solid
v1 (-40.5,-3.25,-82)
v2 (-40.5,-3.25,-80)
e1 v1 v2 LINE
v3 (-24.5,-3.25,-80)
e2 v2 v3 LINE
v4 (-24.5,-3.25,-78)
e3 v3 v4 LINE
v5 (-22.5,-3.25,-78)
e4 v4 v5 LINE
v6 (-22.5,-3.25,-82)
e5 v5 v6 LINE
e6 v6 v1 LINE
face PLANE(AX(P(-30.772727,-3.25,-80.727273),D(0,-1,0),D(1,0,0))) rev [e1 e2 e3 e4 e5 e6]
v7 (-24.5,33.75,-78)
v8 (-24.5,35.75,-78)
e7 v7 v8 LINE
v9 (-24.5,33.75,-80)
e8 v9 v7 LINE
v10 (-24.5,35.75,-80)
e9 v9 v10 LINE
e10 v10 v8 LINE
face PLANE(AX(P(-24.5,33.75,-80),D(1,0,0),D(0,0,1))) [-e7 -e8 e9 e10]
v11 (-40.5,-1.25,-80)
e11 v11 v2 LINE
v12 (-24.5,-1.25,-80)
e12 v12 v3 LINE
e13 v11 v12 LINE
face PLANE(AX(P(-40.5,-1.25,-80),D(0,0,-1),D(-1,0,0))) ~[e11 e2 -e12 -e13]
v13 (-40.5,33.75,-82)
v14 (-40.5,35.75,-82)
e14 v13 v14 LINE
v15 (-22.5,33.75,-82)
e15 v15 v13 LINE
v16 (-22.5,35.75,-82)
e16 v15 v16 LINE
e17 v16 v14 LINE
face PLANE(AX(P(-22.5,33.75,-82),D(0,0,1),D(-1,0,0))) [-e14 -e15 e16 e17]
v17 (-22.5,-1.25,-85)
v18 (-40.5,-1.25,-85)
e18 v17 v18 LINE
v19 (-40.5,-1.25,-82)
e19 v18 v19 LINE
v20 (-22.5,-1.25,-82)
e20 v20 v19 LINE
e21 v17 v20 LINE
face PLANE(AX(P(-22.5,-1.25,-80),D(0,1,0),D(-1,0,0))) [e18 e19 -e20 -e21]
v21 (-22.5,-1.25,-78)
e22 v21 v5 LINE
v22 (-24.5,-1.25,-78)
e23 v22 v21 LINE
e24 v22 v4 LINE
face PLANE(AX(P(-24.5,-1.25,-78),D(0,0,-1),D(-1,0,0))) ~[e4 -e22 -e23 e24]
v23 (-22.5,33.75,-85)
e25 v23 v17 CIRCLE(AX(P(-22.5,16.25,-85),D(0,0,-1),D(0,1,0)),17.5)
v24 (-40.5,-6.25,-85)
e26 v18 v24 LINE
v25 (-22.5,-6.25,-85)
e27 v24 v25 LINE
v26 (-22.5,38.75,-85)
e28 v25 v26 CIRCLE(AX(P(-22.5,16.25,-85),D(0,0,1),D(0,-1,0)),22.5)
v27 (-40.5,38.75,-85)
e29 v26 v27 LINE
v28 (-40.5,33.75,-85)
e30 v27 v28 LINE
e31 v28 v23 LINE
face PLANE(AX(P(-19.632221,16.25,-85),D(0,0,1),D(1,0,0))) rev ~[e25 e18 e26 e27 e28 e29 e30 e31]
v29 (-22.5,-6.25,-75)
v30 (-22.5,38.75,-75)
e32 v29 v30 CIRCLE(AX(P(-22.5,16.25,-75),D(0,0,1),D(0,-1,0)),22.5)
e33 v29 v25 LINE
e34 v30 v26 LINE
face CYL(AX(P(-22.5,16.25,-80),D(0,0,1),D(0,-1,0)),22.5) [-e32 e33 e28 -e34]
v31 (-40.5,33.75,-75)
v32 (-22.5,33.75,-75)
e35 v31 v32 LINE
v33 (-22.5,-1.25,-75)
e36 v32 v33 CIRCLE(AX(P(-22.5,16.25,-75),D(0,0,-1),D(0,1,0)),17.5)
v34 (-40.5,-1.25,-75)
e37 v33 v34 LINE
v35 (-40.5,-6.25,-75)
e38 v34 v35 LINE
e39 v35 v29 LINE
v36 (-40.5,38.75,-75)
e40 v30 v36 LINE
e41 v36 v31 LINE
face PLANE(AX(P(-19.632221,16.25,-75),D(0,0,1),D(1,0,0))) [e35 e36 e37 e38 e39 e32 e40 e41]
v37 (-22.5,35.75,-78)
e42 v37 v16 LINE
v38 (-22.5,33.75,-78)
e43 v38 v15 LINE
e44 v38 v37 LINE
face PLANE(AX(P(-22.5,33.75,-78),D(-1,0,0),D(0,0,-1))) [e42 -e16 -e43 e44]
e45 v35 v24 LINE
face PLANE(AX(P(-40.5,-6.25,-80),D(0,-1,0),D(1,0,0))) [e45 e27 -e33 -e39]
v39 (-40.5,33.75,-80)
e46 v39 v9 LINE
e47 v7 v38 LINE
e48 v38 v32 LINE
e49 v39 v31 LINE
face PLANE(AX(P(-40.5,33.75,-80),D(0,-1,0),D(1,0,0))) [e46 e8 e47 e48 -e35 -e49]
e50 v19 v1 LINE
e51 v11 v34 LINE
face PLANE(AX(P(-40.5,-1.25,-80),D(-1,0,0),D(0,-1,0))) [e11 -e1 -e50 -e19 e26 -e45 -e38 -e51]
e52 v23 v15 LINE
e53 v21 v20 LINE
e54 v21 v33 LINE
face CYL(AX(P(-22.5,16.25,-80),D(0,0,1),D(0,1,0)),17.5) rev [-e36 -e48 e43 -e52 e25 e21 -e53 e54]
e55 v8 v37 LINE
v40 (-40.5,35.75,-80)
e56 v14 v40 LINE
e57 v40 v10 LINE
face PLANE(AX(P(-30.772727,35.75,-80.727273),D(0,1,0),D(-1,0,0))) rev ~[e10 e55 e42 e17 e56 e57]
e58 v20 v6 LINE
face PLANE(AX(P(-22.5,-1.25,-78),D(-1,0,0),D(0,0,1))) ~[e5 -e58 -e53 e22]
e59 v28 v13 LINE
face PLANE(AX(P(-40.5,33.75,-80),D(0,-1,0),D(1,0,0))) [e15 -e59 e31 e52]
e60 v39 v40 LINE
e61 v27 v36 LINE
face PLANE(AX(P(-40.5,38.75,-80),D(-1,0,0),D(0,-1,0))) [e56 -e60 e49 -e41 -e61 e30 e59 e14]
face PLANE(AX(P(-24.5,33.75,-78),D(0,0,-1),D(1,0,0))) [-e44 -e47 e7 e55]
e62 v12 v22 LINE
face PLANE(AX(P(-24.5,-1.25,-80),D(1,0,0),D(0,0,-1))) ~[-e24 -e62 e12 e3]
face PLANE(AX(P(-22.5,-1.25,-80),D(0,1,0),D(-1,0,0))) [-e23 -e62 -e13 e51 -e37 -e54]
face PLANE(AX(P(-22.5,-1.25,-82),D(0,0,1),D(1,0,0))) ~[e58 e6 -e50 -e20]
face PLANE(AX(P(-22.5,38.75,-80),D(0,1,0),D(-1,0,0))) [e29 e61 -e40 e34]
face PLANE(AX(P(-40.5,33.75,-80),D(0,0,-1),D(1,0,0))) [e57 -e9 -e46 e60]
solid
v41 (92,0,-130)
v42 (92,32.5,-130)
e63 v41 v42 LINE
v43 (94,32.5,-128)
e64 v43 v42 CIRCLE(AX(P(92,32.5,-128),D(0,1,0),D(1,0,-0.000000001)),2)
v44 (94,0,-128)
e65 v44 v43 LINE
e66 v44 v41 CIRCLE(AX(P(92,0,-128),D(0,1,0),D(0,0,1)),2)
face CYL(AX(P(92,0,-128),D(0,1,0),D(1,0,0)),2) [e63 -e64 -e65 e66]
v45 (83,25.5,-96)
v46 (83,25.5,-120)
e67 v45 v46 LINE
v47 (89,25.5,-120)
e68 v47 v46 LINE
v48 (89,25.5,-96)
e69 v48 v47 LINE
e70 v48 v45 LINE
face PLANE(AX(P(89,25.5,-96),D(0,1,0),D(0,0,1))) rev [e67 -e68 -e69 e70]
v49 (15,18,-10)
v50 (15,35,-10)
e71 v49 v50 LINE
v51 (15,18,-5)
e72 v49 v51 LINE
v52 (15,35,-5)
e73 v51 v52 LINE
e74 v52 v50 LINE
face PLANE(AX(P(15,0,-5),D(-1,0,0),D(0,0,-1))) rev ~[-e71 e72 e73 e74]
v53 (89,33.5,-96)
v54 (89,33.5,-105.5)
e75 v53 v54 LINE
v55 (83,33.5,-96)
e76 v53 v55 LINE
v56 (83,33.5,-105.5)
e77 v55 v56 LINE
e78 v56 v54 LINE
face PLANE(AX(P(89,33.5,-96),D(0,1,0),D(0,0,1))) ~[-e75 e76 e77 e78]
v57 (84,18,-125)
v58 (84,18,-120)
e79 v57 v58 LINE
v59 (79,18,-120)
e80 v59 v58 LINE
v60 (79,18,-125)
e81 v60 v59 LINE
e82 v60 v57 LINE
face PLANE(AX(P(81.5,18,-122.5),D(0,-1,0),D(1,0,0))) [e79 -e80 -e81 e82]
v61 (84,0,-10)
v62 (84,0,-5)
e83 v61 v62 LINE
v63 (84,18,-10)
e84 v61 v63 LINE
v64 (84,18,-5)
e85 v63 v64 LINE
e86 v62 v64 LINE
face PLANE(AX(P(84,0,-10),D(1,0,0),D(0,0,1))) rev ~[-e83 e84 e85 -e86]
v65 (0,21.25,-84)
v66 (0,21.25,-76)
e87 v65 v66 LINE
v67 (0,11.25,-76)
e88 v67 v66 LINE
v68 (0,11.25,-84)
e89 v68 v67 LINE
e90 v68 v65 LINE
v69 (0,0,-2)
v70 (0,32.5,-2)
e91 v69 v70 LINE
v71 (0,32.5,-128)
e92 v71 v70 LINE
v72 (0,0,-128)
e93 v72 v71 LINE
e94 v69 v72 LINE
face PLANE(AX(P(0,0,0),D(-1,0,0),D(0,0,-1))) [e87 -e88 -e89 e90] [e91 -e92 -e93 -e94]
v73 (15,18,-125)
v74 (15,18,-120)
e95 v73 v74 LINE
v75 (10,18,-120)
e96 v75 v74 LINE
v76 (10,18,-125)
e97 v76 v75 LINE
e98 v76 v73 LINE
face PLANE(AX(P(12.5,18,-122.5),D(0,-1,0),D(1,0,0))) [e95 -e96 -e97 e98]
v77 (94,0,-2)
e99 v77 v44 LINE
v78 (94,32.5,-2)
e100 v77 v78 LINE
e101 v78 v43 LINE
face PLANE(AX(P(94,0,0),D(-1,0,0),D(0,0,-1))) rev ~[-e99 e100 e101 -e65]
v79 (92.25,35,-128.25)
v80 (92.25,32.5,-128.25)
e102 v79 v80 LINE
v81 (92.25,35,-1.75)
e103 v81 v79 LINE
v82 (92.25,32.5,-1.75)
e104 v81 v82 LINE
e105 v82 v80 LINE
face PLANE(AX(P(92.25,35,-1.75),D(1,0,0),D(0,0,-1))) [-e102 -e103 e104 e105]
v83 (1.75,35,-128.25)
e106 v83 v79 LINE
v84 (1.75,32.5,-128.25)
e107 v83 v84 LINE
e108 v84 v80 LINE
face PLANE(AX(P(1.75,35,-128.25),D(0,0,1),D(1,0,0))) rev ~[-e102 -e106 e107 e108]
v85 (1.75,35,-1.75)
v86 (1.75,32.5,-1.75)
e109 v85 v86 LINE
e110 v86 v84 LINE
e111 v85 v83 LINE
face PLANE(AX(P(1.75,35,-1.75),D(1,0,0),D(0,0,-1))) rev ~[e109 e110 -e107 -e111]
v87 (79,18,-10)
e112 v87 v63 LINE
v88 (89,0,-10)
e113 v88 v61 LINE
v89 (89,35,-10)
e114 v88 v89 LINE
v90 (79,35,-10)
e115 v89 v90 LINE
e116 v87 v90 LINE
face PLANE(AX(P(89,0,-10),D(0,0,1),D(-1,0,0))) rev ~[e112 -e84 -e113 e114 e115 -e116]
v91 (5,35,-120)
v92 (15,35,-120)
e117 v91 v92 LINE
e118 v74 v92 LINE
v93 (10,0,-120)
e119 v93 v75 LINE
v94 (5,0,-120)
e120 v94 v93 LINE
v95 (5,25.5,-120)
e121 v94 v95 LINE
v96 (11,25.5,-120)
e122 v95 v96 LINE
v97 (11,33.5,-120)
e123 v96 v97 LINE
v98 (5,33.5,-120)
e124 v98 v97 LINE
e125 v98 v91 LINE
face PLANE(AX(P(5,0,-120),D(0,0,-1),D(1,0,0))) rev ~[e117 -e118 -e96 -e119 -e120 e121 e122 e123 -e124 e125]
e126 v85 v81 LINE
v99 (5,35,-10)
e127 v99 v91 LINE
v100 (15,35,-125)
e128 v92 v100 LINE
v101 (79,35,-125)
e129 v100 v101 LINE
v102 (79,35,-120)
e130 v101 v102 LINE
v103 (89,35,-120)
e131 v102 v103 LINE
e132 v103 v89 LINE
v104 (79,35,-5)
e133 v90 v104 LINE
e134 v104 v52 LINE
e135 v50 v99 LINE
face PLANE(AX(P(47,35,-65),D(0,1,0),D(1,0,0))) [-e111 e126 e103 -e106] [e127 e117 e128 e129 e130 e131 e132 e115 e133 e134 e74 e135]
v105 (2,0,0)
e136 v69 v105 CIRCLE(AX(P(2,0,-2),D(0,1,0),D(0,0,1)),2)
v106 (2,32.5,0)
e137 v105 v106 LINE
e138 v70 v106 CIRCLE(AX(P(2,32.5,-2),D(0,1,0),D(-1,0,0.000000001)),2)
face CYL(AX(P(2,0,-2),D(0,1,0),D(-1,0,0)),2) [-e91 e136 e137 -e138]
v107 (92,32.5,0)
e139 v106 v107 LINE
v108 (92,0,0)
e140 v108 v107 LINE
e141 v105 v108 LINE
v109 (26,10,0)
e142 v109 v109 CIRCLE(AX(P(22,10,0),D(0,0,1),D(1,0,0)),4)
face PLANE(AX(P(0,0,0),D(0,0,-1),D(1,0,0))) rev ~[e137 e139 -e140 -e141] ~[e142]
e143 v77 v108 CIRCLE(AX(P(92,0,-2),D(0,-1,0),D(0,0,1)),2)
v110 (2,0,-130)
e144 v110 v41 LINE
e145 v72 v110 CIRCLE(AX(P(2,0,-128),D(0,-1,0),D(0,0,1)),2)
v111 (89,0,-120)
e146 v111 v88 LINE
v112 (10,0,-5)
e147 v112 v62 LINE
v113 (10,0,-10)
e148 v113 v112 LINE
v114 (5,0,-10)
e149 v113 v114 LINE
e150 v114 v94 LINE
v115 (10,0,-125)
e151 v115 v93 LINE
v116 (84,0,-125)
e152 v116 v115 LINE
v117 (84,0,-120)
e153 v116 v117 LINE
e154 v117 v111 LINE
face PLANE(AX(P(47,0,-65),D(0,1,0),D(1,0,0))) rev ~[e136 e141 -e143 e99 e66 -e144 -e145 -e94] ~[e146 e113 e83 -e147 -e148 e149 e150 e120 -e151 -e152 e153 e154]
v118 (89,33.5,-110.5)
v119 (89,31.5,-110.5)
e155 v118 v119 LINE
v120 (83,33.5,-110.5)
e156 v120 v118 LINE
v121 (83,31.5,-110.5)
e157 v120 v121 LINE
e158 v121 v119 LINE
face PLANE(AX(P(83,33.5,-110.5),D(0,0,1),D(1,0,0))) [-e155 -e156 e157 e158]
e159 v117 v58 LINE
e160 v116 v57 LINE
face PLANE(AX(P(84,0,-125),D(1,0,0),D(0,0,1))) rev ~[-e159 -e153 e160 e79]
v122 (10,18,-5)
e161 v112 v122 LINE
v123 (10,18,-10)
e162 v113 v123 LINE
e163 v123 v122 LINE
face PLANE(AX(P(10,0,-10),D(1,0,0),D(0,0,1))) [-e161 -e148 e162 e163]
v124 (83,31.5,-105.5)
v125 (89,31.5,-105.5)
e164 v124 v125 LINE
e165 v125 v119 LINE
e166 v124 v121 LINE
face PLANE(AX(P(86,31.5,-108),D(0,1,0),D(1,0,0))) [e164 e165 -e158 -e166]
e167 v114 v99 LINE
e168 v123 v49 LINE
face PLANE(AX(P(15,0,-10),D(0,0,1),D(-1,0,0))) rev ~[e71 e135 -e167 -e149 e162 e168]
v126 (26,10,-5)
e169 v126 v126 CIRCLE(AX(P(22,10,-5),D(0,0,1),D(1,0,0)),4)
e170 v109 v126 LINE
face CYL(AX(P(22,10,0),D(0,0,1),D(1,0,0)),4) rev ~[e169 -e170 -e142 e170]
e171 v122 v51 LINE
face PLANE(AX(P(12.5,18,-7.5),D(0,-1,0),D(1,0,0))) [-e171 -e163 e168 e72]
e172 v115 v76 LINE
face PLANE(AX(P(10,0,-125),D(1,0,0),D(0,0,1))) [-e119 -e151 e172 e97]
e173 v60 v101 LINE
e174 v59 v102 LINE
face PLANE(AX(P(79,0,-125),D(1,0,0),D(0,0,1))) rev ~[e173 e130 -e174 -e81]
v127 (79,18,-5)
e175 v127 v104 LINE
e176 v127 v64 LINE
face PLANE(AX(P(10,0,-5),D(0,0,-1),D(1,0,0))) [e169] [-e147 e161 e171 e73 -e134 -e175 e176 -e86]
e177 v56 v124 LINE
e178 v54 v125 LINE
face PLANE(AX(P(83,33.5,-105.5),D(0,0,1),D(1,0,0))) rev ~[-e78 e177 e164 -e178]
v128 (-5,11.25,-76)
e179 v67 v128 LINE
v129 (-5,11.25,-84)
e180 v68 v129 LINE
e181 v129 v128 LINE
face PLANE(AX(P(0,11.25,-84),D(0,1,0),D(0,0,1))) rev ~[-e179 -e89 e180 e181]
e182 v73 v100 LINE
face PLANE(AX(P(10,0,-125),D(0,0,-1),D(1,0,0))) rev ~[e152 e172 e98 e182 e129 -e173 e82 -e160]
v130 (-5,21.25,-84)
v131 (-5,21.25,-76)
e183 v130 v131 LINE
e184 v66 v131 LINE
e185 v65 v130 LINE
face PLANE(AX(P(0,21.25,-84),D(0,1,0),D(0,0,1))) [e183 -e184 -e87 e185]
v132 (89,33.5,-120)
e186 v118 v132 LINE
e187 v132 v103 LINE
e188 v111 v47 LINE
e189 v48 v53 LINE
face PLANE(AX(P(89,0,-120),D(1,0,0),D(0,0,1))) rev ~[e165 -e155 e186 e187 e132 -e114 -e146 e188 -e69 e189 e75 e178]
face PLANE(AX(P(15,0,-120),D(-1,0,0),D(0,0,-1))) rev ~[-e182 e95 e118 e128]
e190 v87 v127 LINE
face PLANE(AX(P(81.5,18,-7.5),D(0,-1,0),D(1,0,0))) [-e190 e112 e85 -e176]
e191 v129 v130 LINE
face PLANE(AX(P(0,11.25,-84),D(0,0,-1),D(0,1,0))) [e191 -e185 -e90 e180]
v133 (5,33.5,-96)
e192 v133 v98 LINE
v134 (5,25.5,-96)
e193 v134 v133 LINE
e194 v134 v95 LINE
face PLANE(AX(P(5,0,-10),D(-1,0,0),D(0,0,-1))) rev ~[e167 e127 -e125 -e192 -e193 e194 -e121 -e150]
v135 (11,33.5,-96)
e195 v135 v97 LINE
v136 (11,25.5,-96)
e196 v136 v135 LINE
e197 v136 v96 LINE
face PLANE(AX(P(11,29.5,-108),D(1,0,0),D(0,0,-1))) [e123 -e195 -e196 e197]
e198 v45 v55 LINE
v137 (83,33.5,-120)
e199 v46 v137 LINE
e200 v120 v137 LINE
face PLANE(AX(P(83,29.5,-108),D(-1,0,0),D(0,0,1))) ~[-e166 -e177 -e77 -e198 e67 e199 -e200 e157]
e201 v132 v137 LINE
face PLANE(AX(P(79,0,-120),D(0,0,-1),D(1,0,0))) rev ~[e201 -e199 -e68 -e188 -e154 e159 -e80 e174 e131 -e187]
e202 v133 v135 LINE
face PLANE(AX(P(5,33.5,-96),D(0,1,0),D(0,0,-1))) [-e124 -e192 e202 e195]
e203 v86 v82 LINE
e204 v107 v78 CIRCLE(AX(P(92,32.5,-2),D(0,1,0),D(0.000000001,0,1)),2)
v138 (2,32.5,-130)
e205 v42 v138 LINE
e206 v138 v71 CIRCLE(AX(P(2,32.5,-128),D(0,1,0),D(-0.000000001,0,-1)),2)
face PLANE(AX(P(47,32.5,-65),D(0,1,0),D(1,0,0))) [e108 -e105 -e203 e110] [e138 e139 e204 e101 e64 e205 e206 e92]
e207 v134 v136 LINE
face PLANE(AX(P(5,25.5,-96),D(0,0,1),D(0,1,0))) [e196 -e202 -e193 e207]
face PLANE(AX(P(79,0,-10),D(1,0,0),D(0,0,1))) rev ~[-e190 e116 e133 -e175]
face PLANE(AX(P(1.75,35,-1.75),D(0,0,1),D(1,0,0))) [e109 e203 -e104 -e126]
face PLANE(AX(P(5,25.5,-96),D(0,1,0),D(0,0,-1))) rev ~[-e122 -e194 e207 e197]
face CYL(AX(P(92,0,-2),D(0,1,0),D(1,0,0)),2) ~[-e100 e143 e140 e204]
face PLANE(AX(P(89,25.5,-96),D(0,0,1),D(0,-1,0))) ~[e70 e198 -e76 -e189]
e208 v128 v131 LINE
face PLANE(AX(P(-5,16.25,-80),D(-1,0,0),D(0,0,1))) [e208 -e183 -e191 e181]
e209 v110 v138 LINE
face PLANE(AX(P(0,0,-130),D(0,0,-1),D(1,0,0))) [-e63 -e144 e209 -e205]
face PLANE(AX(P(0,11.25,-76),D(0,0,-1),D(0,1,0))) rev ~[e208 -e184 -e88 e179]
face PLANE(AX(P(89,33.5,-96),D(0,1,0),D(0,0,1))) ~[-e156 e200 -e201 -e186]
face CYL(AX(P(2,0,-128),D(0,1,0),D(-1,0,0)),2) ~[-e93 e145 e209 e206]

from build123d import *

# Parameters (mm, degrees)
SKETCH1_W            = 94
SKETCH1_H            = 130
BOSS_EXTRUDE1_DEPTH  = 35
SKETCH3_W            = 24
SKETCH3_H            = 8
BOSS_EXTRUDE2_DEPTH  = 6
SKETCH4_W            = 6
SKETCH4_H            = 5
CUT_EXTRUDE1_DEPTH   = 2
SKETCH5_W            = 5
SKETCH5_H            = 5
CUT_EXTRUDE2_DEPTH   = 18
LPATTERN1_COUNT      = 2
LPATTERN1_PITCH      = 69
LPATTERN1_COUNT_DIR2 = 2
LPATTERN1_PITCH_DIR2 = 115
FILLET1_R            = 2
SKETCH6_R            = 4
CUT_EXTRUDE3_DEPTH   = 7
SKETCH7_W            = 90.5
SKETCH7_H            = 126.5
CUT_EXTRUDE4_DEPTH   = 2.5
SKETCH14_W           = 8
SKETCH14_H           = 10
BOSS_EXTRUDE6_DEPTH  = 5
BOSS_EXTRUDE9_DEPTH  = 5
CUT_EXTRUDE6_DEPTH   = 2


with BuildPart() as part:
    # Sketch1 → Boss-Extrude1 (new body)
    with BuildSketch(Plane(origin=(0, 0, 0), x_dir=(1, 0, 0), z_dir=(0, 1, 0))):
        with Locations((47, 65)):
            Rectangle(SKETCH1_W, SKETCH1_H)
        Polygon((79, 125), (79, 120), (89, 120), (89, 10), (79, 10), (79, 5), (15, 5), (15, 10), (5, 10), (5, 120), (15, 120), (15, 125), align=None, mode=Mode.SUBTRACT)
    extrude(amount=BOSS_EXTRUDE1_DEPTH)

    # Sketch3 → Boss-Extrude2 (add)
    with BuildSketch(Plane(origin=(5, 0, 0), x_dir=(0, 0, -1), z_dir=(1, 0, 0))):
        with Locations((108, 29.5)):
            Rectangle(SKETCH3_W, SKETCH3_H)
    boss_extrude2 = extrude(amount=BOSS_EXTRUDE2_DEPTH)

    # Mirror3: Boss-Extrude2 across plane
    add(boss_extrude2.mirror(Plane.ZY.offset(-47)))

    # Sketch4 → Cut-Extrude1 (cut)
    with BuildSketch(Plane(origin=(0, 33.5, 0), x_dir=(1, 0, 0), z_dir=(0, 1, 0))):
        with Locations((86, 108)):
            Rectangle(SKETCH4_W, SKETCH4_H)
    extrude(amount=-CUT_EXTRUDE1_DEPTH, mode=Mode.SUBTRACT)

    # Sketch5 → Cut-Extrude2 (cut)
    with BuildSketch(Plane.XZ):
        with Locations((81.5, -122.5)):
            Rectangle(SKETCH5_W, SKETCH5_H)
    cut_extrude2 = extrude(amount=-CUT_EXTRUDE2_DEPTH, mode=Mode.SUBTRACT)

    # LPattern1: Cut-Extrude2 2 × 2
    with Locations(*[(-i * LPATTERN1_PITCH, 0, j * LPATTERN1_PITCH_DIR2) for i in range(LPATTERN1_COUNT) for j in range(LPATTERN1_COUNT_DIR2) if (i, j) != (0, 0)]):
        add(cut_extrude2, mode=Mode.SUBTRACT)

    # Fillet1
    fillet1_edges = [part.edges().sort_by_distance(p)[0] for p in [
        (0, 17.5, -130),
        (94, 17.5, -130),
        (94, 17.5, 0),
        (0, 17.5, 0),
    ]]
    fillet(fillet1_edges, radius=FILLET1_R)

    # Sketch6 → Cut-Extrude3 (cut)
    with BuildSketch(Plane.XY):
        with Locations((22, 10)):
            Circle(SKETCH6_R)
    extrude(amount=-CUT_EXTRUDE3_DEPTH, mode=Mode.SUBTRACT)

    # Sketch7 → Cut-Extrude4 (cut)
    with BuildSketch(Plane(origin=(0, 35, 0), x_dir=(1, 0, 0), z_dir=(0, 1, 0))):
        with BuildLine():
            Line((94, 2), (94, 128))
            ThreePointArc((94, 128), (93.414213562, 129.414213562), (92, 130))
            Line((92, 130), (2, 130))
            ThreePointArc((2, 130), (0.585786438, 129.414213562), (0, 128))
            Line((0, 128), (0, 2))
            ThreePointArc((0, 2), (0.585786438, 0.585786438), (2, 0))
            Line((2, 0), (92, 0))
            ThreePointArc((92, 0), (93.414213562, 0.585786438), (94, 2))
        make_face()
        with Locations((47, 65)):
            Rectangle(SKETCH7_W, SKETCH7_H, mode=Mode.SUBTRACT)
    extrude(amount=-CUT_EXTRUDE4_DEPTH, mode=Mode.SUBTRACT)

    # Sketch14 → Boss-Extrude6 (add)
    with BuildSketch(Plane.ZY):
        with Locations((-80, 16.25)):
            Rectangle(SKETCH14_W, SKETCH14_H)
    extrude(amount=BOSS_EXTRUDE6_DEPTH)


with BuildPart() as body_2:
    # Sketch17 → Boss-Extrude9 (new body, symmetric)
    with BuildSketch(Plane.XY.offset(-80)):
        with BuildLine():
            Line((-22.5, 38.75), (-40.5, 38.75))
            Line((-40.5, 38.75), (-40.5, 33.75))
            Line((-40.5, 33.75), (-22.5, 33.75))
            ThreePointArc((-22.5, 33.75), (-5, 16.25), (-22.5, -1.25))
            Line((-22.5, -1.25), (-40.5, -1.25))
            Line((-40.5, -1.25), (-40.5, -6.25))
            Line((-40.5, -6.25), (-22.5, -6.25))
            ThreePointArc((-22.5, -6.25), (0, 16.25), (-22.5, 38.75))
        make_face()
    extrude(amount=BOSS_EXTRUDE9_DEPTH, both=True)

    # Sketch18 → Cut-Extrude6 (cut)
    with BuildSketch(Plane.XZ.offset(-33.75)):
        Polygon((-22.5, -82), (-40.5, -82), (-40.5, -80), (-24.5, -80), (-24.5, -78), (-22.5, -78), align=None)
    cut_extrude6 = extrude(amount=-CUT_EXTRUDE6_DEPTH, mode=Mode.SUBTRACT)

    # Mirror4: Cut-Extrude6 across plane
    add(cut_extrude6.mirror(Plane(origin=(0, 16.25, 0), x_dir=(0, 0, 1), z_dir=(0, -1, 0))), mode=Mode.SUBTRACT)


solid = Compound([part.part, body_2.part])
